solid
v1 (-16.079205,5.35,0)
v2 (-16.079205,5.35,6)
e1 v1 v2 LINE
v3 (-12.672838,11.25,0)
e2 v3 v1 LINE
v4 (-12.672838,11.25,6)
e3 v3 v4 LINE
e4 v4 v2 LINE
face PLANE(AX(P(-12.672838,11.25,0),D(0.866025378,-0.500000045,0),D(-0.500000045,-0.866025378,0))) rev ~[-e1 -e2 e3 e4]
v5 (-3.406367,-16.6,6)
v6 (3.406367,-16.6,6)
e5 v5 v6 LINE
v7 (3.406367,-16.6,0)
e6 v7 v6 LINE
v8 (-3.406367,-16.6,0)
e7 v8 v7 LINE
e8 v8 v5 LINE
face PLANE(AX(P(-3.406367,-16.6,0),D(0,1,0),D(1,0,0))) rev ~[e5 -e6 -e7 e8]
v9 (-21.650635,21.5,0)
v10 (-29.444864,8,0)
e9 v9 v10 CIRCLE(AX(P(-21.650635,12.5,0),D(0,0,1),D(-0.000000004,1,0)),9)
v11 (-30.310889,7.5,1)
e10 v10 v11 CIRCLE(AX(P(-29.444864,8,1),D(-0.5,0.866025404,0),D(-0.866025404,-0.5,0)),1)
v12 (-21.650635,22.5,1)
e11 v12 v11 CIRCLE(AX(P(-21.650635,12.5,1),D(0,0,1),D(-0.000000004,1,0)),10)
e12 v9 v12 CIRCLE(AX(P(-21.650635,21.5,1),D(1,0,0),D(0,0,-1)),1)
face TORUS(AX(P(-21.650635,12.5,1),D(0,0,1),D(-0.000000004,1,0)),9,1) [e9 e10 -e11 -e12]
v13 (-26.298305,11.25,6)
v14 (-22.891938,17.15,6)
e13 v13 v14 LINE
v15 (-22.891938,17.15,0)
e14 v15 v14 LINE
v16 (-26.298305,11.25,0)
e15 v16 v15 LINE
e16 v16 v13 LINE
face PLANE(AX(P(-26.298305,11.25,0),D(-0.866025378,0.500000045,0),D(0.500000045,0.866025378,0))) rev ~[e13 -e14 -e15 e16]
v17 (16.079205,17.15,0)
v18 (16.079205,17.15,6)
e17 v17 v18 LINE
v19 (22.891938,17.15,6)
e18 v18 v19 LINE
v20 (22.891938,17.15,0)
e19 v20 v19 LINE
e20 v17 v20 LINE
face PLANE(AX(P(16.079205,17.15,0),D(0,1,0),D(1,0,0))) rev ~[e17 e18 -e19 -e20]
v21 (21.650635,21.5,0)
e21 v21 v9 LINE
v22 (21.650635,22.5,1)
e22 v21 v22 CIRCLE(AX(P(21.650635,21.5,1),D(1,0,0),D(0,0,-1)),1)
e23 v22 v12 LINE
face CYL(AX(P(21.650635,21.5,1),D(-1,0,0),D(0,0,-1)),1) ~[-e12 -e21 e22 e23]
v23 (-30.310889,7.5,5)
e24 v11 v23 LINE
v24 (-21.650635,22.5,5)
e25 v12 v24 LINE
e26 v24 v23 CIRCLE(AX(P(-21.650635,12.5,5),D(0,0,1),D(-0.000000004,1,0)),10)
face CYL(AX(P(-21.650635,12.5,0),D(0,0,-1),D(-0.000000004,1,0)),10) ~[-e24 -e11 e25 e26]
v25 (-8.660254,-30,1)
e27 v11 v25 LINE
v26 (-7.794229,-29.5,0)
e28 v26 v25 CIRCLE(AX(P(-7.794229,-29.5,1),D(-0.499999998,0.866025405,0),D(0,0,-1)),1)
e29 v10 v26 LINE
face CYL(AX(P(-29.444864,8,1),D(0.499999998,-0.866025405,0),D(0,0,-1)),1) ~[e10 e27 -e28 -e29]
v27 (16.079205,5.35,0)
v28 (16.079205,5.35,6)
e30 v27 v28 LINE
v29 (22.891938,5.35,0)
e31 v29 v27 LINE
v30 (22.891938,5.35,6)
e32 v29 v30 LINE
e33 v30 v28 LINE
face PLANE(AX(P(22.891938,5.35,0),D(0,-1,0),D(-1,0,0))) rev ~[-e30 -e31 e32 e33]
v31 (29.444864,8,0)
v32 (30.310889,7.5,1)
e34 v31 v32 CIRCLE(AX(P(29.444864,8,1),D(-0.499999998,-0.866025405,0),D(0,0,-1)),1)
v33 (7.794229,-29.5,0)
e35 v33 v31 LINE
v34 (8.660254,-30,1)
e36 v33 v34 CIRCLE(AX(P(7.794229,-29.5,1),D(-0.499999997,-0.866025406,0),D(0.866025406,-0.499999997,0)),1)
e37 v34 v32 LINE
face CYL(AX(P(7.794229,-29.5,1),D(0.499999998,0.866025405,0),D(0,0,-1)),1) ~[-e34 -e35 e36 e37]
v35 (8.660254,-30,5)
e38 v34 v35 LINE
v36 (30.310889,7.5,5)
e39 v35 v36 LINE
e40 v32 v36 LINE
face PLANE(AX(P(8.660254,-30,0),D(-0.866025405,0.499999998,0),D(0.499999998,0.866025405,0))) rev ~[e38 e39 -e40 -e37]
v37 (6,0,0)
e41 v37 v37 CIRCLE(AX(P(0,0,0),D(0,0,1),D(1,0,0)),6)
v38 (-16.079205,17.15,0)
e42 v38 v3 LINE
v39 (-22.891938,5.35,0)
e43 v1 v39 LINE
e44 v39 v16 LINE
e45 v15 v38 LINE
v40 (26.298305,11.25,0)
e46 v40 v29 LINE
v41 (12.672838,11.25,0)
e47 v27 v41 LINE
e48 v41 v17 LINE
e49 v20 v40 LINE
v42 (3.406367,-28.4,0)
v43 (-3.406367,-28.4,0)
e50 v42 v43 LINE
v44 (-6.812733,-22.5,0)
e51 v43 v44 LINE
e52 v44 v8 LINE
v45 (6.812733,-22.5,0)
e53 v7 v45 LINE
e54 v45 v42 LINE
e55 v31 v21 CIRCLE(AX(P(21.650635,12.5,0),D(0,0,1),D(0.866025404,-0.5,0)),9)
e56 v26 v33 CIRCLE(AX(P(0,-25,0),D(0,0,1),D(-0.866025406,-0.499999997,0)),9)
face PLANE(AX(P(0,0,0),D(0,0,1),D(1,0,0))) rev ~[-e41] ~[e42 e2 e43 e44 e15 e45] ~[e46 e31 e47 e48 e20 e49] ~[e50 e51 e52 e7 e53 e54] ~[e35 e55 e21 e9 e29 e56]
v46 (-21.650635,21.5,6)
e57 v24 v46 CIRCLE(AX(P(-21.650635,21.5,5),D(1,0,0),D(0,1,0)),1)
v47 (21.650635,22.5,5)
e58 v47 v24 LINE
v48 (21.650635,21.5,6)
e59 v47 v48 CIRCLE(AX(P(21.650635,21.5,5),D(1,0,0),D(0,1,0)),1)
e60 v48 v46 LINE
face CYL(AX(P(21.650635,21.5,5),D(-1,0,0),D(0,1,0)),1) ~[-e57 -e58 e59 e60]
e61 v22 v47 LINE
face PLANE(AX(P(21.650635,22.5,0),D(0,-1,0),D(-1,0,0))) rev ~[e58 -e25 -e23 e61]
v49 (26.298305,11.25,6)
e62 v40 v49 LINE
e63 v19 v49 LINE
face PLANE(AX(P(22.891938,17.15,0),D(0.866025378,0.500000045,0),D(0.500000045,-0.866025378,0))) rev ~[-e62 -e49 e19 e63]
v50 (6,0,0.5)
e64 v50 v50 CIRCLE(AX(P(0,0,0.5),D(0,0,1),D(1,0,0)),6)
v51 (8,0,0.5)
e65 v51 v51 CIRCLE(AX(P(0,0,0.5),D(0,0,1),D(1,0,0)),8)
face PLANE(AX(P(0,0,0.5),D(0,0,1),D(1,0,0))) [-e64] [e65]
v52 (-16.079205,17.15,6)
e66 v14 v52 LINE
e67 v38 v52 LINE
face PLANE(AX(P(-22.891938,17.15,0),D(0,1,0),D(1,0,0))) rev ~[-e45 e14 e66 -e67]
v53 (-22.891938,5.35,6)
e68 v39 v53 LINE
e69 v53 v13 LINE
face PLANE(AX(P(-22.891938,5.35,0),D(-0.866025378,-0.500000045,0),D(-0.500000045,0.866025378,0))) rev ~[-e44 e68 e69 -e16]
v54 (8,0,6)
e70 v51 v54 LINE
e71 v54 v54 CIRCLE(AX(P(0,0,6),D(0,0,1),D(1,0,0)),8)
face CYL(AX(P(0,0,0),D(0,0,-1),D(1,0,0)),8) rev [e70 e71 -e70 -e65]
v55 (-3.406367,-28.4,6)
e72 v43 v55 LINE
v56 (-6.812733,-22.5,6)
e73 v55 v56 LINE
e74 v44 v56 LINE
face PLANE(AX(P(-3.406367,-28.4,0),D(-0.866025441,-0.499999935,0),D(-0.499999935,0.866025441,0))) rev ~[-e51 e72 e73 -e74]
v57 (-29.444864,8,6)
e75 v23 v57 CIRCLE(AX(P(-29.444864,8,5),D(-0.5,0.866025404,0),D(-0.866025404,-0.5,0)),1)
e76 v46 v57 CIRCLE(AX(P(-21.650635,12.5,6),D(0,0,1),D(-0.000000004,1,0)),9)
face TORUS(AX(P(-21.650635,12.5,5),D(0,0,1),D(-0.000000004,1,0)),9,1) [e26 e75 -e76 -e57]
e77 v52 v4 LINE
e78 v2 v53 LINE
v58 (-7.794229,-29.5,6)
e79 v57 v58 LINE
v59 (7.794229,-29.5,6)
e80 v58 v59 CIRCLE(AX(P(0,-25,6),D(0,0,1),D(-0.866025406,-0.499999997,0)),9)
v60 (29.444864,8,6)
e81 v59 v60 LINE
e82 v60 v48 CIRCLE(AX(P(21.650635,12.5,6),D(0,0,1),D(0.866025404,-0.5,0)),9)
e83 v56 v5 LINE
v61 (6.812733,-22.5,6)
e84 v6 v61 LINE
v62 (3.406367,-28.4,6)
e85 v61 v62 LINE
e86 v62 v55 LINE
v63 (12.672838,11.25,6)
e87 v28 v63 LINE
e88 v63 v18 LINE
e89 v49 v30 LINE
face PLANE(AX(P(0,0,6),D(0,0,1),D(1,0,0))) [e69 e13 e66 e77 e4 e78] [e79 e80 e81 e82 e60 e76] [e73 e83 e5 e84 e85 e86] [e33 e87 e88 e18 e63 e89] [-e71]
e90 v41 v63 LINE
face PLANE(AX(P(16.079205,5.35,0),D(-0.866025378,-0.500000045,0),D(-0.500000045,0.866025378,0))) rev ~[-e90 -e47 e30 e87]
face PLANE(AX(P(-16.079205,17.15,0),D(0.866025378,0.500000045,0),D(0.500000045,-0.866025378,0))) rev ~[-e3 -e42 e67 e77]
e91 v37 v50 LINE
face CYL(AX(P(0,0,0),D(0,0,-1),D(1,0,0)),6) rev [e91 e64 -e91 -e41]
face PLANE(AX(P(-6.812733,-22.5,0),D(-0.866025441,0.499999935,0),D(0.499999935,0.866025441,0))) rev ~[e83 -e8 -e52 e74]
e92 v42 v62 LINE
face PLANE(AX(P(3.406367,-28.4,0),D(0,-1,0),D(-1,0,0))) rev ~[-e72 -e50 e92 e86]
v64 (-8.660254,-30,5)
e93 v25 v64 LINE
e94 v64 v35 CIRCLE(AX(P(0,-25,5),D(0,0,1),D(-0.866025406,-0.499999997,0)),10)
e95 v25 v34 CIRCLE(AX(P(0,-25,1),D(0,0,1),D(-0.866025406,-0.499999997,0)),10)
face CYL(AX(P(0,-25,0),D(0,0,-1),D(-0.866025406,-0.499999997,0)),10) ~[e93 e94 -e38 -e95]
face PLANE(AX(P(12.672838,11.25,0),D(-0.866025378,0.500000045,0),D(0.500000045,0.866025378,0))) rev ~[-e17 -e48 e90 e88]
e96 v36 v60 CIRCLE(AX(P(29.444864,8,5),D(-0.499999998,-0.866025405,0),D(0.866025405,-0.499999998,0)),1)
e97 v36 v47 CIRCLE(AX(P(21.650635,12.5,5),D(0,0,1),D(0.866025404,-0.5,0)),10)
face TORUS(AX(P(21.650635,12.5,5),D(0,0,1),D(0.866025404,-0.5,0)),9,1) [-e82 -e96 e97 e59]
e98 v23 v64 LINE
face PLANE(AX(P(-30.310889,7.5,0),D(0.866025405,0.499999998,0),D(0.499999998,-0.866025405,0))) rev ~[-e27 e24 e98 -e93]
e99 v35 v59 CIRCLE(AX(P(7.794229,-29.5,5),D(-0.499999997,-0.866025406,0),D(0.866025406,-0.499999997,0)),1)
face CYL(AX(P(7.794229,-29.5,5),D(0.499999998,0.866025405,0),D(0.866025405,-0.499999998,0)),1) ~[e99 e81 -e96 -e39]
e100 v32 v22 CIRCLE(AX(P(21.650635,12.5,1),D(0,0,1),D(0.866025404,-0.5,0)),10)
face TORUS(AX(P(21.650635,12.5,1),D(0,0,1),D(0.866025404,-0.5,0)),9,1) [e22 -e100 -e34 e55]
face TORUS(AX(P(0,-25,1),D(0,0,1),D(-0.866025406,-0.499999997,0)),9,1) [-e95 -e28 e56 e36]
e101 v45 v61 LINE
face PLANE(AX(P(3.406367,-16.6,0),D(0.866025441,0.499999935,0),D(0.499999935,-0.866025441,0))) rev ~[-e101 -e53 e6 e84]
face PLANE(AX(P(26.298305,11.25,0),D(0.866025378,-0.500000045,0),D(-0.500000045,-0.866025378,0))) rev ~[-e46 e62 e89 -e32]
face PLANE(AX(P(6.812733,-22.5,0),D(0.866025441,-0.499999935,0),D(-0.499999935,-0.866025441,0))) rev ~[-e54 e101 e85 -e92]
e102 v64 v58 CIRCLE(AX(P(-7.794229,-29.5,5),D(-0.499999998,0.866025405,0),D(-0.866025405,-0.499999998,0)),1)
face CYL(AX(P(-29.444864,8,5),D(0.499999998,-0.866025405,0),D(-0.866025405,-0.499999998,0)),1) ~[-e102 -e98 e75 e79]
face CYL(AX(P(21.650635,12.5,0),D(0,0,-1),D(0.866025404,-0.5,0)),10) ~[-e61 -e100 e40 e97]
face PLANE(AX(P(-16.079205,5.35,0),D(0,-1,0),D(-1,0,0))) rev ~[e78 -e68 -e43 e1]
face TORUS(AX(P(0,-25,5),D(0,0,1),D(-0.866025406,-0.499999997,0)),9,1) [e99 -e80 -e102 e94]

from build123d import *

# Parameters (mm, degrees)
F0_R     = 8
F1_DEPTH = 6
F2_R     = 8
F2_R_2   = 6
F3_DEPTH = 0.5
F4_R     = 1


with BuildPart() as f1:
    # F0 (on Top) → F1 (new body)
    with BuildSketch(Plane.XY):
        with BuildLine():
            Line((8.660254, -30), (30.310889, 7.5))
            ThreePointArc((30.310889, 7.5), (30.310889, 17.5), (21.650635, 22.5))
            Line((21.650635, 22.5), (-21.650635, 22.5))
            ThreePointArc((-21.650635, 22.5), (-30.310889, 17.5), (-30.310889, 7.5))
            Line((-30.310889, 7.5), (-8.660254, -30))
            ThreePointArc((-8.660254, -30), (0, -35), (8.660254, -30))
        make_face()
        Polygon((-3.406367, -16.6), (3.406367, -16.6), (6.812733, -22.5), (3.406367, -28.4), (-3.406367, -28.4), (-6.812733, -22.5), align=None, mode=Mode.SUBTRACT)
        Circle(F0_R, mode=Mode.SUBTRACT)
        Polygon((-16.079205, 17.15), (-12.672838, 11.25), (-16.079205, 5.35), (-22.891938, 5.35), (-26.298305, 11.25), (-22.891938, 17.15), align=None, mode=Mode.SUBTRACT)
        Polygon((22.891938, 5.35), (16.079205, 5.35), (12.672838, 11.25), (16.079205, 17.15), (22.891938, 17.15), (26.298305, 11.25), align=None, mode=Mode.SUBTRACT)
    extrude(amount=F1_DEPTH)

    # F2 (on Top) → F3 (join)
    with BuildSketch(Plane.XY):
        Circle(F2_R)
        Circle(F2_R_2, mode=Mode.SUBTRACT)
    extrude(amount=F3_DEPTH)

    # F4
    f4_edges = [f1.edges().sort_by_distance(p)[0] for p in [
        (0, 22.5, 6),
        (0, 22.5, 0),
    ]]
    fillet(f4_edges, radius=F4_R)


solid = f1.part
